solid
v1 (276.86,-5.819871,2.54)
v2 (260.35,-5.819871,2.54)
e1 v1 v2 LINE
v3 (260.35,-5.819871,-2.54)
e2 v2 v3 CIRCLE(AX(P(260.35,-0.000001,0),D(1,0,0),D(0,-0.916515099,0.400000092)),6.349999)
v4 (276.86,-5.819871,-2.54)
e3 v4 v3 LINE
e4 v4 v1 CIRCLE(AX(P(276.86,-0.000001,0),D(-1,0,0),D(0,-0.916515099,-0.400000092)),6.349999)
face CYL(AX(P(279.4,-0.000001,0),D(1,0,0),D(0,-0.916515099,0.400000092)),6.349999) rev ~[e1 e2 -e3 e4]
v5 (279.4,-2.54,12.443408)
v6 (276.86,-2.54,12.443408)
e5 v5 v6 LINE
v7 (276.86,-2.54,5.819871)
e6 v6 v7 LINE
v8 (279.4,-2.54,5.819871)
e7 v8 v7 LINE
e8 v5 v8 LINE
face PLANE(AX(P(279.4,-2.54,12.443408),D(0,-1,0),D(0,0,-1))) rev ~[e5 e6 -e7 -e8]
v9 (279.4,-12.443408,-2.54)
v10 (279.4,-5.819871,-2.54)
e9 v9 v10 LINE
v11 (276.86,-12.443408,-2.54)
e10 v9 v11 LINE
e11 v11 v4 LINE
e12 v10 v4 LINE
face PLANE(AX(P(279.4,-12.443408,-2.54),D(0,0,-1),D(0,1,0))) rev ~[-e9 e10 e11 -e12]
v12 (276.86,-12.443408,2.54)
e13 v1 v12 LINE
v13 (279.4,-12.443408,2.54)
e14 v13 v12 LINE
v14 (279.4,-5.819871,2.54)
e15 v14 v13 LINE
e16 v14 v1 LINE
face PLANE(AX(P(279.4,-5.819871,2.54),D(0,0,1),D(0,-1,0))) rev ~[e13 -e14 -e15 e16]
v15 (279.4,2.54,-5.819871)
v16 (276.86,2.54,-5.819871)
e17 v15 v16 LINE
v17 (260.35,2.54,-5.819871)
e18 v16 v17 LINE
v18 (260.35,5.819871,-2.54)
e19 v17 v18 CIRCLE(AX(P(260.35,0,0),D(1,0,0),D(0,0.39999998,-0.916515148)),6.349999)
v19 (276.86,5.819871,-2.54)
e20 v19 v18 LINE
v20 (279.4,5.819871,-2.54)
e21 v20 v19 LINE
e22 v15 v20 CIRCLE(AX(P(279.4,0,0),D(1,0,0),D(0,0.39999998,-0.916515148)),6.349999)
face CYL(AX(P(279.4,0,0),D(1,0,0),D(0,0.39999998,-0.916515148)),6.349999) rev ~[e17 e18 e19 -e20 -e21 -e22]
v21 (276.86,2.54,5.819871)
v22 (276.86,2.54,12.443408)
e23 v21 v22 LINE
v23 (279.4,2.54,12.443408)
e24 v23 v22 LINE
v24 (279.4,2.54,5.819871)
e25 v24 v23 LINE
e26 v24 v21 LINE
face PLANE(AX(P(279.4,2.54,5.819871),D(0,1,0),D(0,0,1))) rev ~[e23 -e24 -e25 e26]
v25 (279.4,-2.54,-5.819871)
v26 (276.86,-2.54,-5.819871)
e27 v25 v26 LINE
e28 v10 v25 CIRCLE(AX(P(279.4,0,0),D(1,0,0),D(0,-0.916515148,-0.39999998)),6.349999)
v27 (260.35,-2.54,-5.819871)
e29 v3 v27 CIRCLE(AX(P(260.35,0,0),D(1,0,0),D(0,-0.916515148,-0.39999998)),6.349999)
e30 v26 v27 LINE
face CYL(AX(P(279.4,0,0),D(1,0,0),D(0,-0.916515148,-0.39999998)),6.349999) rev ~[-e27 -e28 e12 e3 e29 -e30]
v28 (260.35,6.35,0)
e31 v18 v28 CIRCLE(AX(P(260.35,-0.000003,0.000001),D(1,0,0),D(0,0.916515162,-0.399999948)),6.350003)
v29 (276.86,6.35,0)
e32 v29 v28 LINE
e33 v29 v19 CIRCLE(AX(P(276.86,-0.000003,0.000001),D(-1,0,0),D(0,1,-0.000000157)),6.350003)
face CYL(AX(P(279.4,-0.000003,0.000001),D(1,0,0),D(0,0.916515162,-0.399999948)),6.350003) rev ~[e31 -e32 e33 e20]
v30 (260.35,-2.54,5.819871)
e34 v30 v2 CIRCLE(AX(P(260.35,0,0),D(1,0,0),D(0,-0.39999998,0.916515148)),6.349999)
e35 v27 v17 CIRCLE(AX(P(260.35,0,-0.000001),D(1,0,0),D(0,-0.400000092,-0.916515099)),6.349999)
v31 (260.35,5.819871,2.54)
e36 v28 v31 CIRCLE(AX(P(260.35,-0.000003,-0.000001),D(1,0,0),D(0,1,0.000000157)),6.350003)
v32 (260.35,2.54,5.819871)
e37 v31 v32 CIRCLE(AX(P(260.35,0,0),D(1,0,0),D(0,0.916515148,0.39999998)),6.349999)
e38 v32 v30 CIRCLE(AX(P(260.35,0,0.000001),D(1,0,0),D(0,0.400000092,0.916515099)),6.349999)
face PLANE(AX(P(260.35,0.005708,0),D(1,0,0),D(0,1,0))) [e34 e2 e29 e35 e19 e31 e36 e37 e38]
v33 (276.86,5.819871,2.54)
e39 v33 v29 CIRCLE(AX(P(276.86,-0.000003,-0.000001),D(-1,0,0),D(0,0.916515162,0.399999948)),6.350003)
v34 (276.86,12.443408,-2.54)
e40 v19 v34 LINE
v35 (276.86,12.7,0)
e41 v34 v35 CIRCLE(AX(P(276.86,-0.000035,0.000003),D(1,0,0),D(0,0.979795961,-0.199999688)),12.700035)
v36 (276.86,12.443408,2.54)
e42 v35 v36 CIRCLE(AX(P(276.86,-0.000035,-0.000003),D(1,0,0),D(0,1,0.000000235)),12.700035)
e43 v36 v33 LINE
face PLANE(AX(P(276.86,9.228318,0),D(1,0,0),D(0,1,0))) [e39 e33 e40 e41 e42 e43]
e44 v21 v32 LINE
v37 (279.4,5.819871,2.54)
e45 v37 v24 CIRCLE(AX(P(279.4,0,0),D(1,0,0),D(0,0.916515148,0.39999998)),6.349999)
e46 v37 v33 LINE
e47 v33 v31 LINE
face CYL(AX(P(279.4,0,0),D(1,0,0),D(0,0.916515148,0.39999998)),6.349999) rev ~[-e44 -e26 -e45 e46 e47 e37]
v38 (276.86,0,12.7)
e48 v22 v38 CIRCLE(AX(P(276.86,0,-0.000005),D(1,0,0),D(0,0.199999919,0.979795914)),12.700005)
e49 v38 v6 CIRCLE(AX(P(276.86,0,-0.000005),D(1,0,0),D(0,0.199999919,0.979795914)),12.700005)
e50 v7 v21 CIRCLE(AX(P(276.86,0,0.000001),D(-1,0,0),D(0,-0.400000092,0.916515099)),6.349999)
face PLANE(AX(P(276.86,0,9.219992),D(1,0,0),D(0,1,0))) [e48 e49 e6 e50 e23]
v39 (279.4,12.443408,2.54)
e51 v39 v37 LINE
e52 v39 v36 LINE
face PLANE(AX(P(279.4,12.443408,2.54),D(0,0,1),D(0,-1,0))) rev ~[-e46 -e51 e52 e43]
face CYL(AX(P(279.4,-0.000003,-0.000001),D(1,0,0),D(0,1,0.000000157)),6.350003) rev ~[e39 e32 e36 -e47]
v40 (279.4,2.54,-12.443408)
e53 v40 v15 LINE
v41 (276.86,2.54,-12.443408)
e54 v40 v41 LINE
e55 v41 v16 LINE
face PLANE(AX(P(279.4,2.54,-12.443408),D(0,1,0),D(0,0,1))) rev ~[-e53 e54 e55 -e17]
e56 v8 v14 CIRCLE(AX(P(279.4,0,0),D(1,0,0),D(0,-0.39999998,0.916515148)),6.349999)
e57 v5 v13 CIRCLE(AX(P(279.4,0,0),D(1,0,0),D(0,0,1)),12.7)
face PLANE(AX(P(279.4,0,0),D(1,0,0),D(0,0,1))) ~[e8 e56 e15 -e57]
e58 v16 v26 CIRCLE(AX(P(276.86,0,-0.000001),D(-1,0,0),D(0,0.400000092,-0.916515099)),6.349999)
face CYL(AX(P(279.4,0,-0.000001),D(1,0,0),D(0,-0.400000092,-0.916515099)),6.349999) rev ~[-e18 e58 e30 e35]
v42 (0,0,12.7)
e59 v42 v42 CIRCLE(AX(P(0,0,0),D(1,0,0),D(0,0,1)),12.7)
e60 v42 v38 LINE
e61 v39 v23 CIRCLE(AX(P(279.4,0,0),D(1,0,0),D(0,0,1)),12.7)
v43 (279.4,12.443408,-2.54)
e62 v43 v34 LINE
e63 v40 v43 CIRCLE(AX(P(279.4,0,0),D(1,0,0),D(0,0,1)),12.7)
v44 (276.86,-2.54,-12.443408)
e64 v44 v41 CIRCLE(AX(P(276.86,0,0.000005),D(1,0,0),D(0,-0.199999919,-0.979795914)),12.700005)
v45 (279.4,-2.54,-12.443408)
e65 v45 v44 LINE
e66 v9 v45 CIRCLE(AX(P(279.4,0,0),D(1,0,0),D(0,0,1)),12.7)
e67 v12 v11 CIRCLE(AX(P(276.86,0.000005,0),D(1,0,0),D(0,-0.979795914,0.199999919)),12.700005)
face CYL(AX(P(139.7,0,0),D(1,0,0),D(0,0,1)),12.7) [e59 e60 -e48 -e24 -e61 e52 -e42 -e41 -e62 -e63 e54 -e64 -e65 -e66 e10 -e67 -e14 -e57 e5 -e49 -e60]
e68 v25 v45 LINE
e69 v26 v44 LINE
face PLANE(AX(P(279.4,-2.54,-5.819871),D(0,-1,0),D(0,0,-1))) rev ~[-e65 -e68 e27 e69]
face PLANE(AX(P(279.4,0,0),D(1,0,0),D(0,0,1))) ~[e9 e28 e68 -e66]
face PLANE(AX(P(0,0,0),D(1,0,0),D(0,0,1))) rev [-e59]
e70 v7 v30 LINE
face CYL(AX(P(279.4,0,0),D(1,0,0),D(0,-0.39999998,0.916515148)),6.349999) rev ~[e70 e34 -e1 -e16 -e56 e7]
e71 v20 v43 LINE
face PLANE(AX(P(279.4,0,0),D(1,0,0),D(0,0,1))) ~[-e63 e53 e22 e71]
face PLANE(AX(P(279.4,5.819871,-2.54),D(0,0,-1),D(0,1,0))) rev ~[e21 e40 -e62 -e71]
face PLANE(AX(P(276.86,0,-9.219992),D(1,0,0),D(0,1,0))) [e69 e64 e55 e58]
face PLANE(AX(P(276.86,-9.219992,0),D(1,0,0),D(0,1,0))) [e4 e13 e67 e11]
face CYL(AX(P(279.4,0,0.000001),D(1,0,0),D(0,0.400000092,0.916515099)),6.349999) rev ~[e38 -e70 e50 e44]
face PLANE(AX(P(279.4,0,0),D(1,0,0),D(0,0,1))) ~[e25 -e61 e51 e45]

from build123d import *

# Parameters (mm, degrees)
F0_W     = 279.4
F0_H     = 12.7
F3_DEPTH = 19.05
F4_DEPTH = 2.54


with BuildPart() as f1:
    # F0 (on Front) → F1 (revolve)
    with BuildSketch(Plane.XZ):
        with Locations((139.7, 6.35)):
            Rectangle(F0_W, F0_H)
    revolve(axis=Axis((175.998241, 0, 0), (1, 0, 0)))

    # F2 (on face) → F3 (cut)
    with BuildSketch(Plane.YZ.offset(279.4)):
        with BuildLine():
            ThreePointArc((5.819871, -2.54), (6.216055, -1.297366), (6.35, 0))
            ThreePointArc((6.35, 0), (6.216055, 1.297366), (5.819871, 2.54))
            ThreePointArc((5.819871, 2.54), (4.490128, 4.490128), (2.54, 5.819871))
            ThreePointArc((2.54, 5.819871), (0, 6.35), (-2.54, 5.819871))
            ThreePointArc((-2.54, 5.819871), (-4.490128, 4.490128), (-5.819871, 2.54))
            ThreePointArc((-5.819871, 2.54), (-6.35, 0), (-5.819871, -2.54))
            ThreePointArc((-5.819871, -2.54), (-4.490128, -4.490128), (-2.54, -5.819871))
            ThreePointArc((-2.54, -5.819871), (0, -6.35), (2.54, -5.819871))
            ThreePointArc((2.54, -5.819871), (4.490128, -4.490128), (5.819871, -2.54))
        make_face()
    extrude(amount=-F3_DEPTH, mode=Mode.SUBTRACT)

    # F2 (on face) → F4 (cut)
    with BuildSketch(Plane.YZ.offset(279.4)):
        with BuildLine():
            ThreePointArc((-5.819871, -2.54), (-6.35, 0), (-5.819871, 2.54))
            Line((-5.819871, 2.54), (-12.443408, 2.54))
            ThreePointArc((-12.443408, 2.54), (-12.7, 0), (-12.443408, -2.54))
            Line((-12.443408, -2.54), (-5.819871, -2.54))
        make_face()
        with BuildLine():
            ThreePointArc((5.819871, 2.54), (6.216055, 1.297366), (6.35, 0))
            ThreePointArc((6.35, 0), (6.216055, -1.297366), (5.819871, -2.54))
            Line((5.819871, -2.54), (12.443408, -2.54))
            ThreePointArc((12.443408, -2.54), (12.635689, -1.276464), (12.7, 0))
            ThreePointArc((12.7, 0), (12.635689, 1.276464), (12.443408, 2.54))
            Line((12.443408, 2.54), (5.819871, 2.54))
        make_face()
        with BuildLine():
            Line((2.54, -12.443408), (2.54, -5.819871))
            ThreePointArc((2.54, -5.819871), (0, -6.35), (-2.54, -5.819871))
            Line((-2.54, -5.819871), (-2.54, -12.443408))
            ThreePointArc((-2.54, -12.443408), (0, -12.7), (2.54, -12.443408))
        make_face()
        with BuildLine():
            ThreePointArc((-2.54, 5.819871), (0, 6.35), (2.54, 5.819871))
            Line((2.54, 5.819871), (2.54, 12.443408))
            ThreePointArc((2.54, 12.443408), (0, 12.7), (-2.54, 12.443408))
            Line((-2.54, 12.443408), (-2.54, 5.819871))
        make_face()
    extrude(amount=-F4_DEPTH, mode=Mode.SUBTRACT)


solid = f1.part
